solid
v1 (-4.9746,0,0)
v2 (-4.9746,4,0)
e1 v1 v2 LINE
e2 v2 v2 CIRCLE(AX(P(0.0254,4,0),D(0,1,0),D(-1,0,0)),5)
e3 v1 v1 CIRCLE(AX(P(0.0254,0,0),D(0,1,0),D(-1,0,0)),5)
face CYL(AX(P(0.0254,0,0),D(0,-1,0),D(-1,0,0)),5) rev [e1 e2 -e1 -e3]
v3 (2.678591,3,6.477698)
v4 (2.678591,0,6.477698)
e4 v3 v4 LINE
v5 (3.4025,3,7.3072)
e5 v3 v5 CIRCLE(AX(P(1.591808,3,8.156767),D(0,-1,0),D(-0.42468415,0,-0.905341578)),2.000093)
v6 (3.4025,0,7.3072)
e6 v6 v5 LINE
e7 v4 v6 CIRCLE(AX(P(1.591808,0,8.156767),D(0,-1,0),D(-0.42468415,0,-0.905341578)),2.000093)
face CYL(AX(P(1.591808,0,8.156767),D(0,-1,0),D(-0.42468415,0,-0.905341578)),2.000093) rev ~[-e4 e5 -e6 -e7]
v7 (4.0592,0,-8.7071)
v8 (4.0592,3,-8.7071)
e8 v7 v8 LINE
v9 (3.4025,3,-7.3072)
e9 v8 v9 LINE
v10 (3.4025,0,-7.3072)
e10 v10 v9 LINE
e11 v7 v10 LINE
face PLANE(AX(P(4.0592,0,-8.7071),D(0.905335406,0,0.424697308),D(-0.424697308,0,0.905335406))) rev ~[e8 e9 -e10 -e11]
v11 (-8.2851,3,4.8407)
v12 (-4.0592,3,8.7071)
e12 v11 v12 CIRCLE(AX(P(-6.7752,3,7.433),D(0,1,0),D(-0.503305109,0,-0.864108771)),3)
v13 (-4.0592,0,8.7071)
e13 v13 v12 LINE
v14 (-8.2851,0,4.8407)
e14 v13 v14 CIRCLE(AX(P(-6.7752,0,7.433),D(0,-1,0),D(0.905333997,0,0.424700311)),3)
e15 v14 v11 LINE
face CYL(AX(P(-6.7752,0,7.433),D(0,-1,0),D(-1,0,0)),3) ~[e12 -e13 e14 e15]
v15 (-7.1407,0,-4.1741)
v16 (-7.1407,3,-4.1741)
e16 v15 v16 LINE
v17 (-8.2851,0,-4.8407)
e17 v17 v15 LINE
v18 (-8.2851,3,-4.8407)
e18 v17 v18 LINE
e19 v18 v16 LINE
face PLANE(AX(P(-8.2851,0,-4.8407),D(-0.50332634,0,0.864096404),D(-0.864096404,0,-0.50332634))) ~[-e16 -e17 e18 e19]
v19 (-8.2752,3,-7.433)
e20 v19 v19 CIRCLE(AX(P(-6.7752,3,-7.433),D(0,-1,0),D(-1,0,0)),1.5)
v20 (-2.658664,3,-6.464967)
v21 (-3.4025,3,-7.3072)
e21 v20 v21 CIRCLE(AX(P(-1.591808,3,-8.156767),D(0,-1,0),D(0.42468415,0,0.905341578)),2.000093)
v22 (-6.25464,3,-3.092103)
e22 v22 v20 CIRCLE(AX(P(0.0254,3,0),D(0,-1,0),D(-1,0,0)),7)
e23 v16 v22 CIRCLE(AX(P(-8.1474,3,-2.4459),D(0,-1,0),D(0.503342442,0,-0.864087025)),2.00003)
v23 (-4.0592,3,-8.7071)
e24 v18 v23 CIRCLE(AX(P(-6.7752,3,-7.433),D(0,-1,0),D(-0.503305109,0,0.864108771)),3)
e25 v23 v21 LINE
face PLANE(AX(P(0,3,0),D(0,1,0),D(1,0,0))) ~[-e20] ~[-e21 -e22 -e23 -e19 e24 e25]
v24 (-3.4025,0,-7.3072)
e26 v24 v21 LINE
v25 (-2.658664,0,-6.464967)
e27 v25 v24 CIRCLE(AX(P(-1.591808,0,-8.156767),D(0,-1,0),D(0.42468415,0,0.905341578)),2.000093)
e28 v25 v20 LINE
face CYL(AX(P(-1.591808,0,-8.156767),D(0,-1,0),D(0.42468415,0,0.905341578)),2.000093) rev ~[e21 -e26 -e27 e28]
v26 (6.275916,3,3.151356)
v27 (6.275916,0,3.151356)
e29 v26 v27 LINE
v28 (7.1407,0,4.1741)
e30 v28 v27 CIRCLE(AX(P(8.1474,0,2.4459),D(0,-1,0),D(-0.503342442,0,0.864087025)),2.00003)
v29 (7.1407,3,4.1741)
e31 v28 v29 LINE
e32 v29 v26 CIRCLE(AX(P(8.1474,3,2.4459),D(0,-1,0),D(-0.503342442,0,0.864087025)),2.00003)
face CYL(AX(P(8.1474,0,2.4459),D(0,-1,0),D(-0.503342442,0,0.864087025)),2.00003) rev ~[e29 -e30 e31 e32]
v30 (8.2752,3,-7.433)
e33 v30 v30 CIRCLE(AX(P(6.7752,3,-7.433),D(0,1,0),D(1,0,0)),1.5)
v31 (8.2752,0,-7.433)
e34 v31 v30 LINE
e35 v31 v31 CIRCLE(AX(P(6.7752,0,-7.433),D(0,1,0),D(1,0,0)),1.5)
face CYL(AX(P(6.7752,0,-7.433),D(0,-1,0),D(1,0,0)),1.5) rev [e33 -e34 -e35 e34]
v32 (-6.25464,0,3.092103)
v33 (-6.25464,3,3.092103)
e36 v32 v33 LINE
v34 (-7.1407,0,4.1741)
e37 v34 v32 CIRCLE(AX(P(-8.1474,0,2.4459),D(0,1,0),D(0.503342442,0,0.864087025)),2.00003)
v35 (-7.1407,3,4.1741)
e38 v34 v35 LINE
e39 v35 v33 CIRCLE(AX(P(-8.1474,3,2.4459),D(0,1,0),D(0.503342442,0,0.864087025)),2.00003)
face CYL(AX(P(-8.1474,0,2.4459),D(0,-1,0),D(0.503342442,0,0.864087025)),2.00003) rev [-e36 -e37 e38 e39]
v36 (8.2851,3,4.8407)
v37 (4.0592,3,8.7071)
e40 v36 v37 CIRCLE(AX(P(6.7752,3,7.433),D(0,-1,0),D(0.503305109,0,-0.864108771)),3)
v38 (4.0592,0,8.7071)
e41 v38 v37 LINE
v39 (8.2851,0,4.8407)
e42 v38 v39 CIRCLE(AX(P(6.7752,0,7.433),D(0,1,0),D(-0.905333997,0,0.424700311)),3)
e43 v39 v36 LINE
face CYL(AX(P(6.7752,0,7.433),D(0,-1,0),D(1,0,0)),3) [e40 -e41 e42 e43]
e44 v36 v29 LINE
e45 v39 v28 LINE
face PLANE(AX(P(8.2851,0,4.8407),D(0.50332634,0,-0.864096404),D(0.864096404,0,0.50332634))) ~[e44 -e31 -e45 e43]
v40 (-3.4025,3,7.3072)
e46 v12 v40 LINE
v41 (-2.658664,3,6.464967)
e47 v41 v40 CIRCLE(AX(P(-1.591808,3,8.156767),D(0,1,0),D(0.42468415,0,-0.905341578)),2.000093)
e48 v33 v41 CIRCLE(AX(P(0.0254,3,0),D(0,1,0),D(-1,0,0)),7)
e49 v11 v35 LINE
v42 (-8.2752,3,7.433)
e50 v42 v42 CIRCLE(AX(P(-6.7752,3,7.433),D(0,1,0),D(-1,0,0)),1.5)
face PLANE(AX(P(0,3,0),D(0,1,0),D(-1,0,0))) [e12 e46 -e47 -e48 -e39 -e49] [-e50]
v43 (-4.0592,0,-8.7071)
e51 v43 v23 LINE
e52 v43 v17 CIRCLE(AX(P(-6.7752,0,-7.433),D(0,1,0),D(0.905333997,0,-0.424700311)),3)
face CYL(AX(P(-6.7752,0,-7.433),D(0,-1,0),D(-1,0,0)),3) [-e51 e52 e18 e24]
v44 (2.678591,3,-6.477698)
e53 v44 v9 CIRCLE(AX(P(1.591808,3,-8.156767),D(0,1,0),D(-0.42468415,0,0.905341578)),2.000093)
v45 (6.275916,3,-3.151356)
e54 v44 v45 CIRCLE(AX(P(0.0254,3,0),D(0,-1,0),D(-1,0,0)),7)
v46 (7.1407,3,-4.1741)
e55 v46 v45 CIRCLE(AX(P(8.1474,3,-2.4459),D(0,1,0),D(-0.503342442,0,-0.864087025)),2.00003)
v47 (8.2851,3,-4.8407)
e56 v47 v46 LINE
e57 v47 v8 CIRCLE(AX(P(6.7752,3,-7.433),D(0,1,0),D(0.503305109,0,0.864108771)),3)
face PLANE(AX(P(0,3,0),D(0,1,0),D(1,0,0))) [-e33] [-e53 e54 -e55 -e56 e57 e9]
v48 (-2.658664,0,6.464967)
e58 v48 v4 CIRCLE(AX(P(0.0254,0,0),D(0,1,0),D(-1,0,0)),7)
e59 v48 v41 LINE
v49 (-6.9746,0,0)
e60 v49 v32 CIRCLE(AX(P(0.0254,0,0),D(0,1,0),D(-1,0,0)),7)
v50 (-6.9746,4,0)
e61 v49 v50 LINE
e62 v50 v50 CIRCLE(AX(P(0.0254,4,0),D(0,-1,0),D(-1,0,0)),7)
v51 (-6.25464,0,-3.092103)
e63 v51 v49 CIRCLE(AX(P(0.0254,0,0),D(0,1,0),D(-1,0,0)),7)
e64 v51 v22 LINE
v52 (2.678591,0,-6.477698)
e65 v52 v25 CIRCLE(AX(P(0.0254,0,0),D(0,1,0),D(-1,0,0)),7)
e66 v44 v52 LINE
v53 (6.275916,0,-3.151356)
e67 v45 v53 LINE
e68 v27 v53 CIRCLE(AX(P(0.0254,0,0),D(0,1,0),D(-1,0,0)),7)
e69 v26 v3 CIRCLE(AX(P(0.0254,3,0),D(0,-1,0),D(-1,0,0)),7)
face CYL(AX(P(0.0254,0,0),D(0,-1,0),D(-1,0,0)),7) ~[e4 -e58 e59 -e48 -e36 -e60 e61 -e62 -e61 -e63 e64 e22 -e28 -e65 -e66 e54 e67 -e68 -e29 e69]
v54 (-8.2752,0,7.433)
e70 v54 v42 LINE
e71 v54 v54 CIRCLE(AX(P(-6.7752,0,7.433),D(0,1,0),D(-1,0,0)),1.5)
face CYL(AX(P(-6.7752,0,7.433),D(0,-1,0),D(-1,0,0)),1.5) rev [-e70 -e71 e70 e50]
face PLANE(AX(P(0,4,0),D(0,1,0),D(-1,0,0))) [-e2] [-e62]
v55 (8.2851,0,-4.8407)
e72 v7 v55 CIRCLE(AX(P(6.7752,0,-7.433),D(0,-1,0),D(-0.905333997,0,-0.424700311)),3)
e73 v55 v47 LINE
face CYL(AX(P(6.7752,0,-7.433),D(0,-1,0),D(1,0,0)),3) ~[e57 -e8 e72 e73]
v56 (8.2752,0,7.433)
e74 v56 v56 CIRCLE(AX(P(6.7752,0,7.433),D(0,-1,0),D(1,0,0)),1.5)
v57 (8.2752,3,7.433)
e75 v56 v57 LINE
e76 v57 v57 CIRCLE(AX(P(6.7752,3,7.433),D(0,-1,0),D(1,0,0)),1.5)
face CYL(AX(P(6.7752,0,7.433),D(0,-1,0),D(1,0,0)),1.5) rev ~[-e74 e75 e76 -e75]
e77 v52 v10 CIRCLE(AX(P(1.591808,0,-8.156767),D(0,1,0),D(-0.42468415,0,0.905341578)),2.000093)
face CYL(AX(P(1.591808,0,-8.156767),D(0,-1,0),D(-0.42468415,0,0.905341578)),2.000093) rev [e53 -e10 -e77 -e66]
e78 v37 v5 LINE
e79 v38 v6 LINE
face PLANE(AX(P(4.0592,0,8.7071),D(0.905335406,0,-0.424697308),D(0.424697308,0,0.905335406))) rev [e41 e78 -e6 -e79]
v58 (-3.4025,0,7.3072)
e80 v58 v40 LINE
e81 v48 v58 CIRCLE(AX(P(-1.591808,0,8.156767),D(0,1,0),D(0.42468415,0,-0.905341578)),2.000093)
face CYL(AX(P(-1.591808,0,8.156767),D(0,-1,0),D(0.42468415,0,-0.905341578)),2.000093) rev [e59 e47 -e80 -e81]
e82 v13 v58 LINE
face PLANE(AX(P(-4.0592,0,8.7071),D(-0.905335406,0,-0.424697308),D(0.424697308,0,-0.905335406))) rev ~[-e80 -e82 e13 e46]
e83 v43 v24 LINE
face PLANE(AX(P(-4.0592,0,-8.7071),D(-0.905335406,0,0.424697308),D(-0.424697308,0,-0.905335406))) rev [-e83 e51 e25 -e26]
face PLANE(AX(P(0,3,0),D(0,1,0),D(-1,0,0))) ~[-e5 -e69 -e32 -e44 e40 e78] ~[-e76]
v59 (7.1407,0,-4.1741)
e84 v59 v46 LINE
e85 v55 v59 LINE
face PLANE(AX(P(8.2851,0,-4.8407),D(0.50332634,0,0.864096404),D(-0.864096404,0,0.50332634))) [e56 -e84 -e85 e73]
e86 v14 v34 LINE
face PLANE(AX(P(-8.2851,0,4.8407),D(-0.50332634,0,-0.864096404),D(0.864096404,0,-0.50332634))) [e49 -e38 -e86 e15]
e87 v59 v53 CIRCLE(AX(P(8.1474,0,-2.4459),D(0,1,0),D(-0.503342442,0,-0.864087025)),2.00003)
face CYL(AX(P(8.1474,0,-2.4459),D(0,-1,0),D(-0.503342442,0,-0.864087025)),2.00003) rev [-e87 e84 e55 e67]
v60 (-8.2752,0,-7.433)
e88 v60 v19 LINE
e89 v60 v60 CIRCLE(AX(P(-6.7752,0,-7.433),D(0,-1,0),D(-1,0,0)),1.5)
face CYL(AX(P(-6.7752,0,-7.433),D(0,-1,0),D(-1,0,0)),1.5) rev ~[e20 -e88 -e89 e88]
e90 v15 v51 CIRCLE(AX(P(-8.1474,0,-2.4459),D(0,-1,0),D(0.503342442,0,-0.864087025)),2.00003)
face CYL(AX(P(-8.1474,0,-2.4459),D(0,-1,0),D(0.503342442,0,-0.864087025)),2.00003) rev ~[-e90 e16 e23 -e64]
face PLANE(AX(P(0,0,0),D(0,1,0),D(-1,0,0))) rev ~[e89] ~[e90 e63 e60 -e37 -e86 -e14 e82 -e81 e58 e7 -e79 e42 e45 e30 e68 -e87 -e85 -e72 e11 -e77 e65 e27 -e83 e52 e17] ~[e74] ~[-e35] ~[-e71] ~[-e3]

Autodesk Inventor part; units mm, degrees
ref_plane "YZ Plane" through (0, 0, 0) normal (1, 0, 0) x (0, 1, 0)
ref_plane "XZ Plane" through (0, 0, 0) normal (0, 1, 0) x (-1, 0, 0)
ref_plane "XY Plane" through (0, 0, 0) normal (0, 0, 1) x (1, 0, 0)
sketch "Эскиз1" plane through (0, 0, 0) normal (0, 1, 0) x (-1, 0, 0)
  circle A0 centre (-0.0254, 0) radius 7
  circle A1 centre (-7.0254, 6.889) radius 1.5
  circle A2 centre (6.7752, 7.433) radius 1.5
  circle A3 centre (6.9746, -7.0215) radius 1.5
  circle A4 centre (-7.0254, -7.0215) radius 1.5
  circle A5 centre (-0.0254, 0) radius 5
  line L0 (0, 0) -> (0, 8.1981) construction
  line L1 (-0.0254, 0) -> (8.1589, 0) construction
  circle A6 centre (6.7752, 7.433) radius 3
  line L2 (4.0592, 8.7071) -> (3.4025, 7.3072)
  line L3 (8.2851, 4.8407) -> (7.1407, 4.1741)
  line L4 (0.7424, 6.346) -> (0.4551, 6.4808)
  arc A7 (0.7424, 6.346) -> (3.4025, 7.3072) centre (1.5918, 8.1566) ccw
  line L5 (5.7914, 2.5169) -> (6.4192, 1.4392)
  arc A8 (7.1407, 4.1741) -> (6.4192, 1.4392) centre (8.1474, 2.4459) ccw
  point P0 (-10.336, -7.0215)
  point P1 (-9.1433, 6.8618)
  point P2 (6.9746, 10.1261)
  point P3 (2.6587, 6.4649)
  point P4 (6.2546, 3.0921)
  dimension "d0" = 14
  dimension "d1" = 3
  dimension "d2" = 3
  dimension "d3" = 3
  dimension "d4" = 3
  dimension "d5" = 10
  dimension "d6" = 6
  dimension "d7" = 2
  dimension "d8" = 2
extrude "Выдавливание1" add sketch "Эскиз1" along normal blind 4 contours A0
extrude "Выдавливание2" add sketch "Эскиз1" along normal blind 3 contours A0 A7 L2 A6 L3 A8 | A6
mirror "Зеркальное отражение1" about plane through (0, 0, 0) normal (1, 0, 0) of "Выдавливание2"
mirror "Зеркальное отражение2" about plane through (0, 0, 0) normal (0, 0, 1) of "Выдавливание2", "Зеркальное отражение1"
properties part number "крепление подшипника_1"
